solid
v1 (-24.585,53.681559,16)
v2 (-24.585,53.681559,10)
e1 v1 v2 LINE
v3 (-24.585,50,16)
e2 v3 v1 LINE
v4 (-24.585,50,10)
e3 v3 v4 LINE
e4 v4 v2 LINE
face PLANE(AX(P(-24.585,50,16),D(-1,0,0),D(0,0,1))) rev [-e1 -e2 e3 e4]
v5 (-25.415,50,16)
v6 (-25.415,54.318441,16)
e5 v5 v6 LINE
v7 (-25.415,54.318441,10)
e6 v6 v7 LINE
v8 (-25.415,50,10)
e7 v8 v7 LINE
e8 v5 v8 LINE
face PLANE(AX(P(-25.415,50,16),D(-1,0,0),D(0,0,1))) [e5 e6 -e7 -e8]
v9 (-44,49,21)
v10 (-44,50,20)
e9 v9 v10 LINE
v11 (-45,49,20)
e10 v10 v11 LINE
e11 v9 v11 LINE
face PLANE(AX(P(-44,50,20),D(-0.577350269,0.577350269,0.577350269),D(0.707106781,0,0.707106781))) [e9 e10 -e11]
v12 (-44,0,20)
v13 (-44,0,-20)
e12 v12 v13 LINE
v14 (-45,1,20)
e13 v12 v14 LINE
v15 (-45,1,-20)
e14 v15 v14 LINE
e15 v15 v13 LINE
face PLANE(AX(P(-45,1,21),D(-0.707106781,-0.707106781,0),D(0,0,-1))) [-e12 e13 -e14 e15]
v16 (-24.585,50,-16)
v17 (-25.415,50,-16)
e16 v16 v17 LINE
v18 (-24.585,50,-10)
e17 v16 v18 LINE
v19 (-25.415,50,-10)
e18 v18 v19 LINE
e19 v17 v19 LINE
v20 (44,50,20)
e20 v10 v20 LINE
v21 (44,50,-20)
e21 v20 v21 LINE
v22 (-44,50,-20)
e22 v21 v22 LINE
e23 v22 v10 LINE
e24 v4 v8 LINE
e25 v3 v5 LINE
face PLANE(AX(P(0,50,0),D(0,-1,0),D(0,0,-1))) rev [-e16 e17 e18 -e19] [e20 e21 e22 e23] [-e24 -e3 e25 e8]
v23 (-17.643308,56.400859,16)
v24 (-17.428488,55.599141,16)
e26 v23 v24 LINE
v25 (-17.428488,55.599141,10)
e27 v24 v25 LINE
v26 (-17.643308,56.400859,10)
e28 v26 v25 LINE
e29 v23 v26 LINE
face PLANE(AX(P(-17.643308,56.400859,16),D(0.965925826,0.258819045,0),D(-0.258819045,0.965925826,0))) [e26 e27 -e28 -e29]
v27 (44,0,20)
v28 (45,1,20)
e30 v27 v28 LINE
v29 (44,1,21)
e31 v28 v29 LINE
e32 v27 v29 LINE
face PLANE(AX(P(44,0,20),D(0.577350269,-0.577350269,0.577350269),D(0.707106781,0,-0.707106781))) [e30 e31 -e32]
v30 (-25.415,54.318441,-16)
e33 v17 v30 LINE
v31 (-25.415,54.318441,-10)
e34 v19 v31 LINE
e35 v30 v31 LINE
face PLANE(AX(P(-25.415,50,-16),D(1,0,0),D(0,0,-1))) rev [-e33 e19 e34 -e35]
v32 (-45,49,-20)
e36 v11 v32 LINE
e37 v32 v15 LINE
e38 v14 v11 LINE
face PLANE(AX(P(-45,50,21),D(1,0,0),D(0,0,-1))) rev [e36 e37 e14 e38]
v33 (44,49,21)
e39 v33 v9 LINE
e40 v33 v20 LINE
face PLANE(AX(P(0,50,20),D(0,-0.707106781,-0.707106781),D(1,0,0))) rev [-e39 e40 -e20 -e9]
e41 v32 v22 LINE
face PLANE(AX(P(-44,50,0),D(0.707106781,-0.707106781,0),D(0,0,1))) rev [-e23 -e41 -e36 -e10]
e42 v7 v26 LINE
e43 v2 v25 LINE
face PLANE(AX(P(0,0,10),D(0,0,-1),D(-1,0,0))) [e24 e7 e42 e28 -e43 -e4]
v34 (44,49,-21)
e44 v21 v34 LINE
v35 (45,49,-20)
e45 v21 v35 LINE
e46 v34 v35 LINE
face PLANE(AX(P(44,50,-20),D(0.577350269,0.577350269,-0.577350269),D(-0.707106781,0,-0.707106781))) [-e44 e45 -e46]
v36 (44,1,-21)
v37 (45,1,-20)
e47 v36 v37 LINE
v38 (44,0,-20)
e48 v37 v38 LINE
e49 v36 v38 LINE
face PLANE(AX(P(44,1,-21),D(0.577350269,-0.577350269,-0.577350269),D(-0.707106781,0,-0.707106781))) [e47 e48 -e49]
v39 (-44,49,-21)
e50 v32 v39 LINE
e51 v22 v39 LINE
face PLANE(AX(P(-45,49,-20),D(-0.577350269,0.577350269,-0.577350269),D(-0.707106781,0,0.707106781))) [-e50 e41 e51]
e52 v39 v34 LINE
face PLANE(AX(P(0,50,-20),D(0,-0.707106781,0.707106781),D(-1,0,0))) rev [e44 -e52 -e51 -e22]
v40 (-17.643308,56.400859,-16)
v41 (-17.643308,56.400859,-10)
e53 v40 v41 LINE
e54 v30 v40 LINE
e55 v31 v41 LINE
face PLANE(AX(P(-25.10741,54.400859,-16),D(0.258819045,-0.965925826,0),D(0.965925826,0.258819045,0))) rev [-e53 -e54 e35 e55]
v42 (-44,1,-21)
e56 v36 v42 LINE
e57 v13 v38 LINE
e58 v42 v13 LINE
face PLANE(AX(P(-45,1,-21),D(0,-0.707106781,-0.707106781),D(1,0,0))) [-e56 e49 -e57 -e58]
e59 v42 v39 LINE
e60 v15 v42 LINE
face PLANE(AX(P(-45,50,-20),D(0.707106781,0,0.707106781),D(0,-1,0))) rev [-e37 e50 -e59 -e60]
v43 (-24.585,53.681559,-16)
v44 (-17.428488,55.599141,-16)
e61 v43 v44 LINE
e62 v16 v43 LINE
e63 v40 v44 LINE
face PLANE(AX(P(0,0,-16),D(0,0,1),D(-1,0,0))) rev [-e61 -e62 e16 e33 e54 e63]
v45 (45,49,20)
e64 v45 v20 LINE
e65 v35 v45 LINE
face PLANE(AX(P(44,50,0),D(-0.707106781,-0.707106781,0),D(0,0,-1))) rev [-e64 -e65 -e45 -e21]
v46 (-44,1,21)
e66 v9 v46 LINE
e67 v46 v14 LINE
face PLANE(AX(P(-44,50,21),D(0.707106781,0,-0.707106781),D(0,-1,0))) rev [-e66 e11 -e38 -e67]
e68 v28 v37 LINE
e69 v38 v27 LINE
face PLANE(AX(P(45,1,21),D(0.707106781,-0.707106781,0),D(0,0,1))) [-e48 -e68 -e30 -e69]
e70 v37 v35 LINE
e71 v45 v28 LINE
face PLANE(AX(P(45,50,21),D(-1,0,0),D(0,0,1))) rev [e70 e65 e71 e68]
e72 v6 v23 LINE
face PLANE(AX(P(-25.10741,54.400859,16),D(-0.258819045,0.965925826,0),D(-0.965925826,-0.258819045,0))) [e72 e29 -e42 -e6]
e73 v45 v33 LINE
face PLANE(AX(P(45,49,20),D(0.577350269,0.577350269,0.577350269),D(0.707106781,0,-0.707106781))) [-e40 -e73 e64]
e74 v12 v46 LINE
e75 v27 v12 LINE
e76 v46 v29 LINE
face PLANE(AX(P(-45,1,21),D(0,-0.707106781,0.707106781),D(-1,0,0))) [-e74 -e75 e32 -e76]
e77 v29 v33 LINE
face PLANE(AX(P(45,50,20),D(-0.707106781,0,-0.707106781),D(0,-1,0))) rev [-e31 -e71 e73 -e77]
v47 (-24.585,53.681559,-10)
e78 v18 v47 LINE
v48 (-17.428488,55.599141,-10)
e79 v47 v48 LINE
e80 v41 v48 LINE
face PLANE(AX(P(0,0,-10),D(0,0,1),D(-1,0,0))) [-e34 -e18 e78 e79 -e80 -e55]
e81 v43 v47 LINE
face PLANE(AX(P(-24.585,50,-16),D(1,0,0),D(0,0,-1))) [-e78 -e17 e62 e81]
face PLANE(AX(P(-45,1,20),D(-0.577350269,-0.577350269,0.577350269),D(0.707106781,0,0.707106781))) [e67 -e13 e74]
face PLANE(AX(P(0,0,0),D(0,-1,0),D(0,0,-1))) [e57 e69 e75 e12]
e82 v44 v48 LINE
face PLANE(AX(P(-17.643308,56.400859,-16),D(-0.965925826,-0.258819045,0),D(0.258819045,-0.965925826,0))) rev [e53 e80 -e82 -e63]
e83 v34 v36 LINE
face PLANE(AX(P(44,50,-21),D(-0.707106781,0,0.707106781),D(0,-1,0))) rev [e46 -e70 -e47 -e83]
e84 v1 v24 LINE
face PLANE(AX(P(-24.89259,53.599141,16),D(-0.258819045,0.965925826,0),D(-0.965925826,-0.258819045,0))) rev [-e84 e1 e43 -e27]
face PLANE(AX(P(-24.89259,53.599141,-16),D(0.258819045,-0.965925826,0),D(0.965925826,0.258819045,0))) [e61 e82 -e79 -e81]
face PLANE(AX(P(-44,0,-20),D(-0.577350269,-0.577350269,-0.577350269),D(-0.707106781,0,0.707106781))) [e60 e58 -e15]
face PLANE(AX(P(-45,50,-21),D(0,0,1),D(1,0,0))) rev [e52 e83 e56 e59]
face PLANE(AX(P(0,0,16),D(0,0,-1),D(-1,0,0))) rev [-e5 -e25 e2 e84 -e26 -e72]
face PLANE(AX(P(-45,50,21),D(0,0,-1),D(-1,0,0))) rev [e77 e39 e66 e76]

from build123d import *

# Parameters (mm, degrees)
ESQUISSE2_W        = 90
ESQUISSE2_H        = 42
BOSS_EXTRU_1_DEPTH = 50
CHANFREIN1_SIZE    = 1
EXTRU_MINCE1_DEPTH = 3


with BuildPart() as part:
    # Esquisse2 → Boss.-Extru.1 (new body)
    with BuildSketch(Plane(origin=(0, 0, 0), x_dir=(1, 0, 0), z_dir=(0, 1, 0))):
        Rectangle(ESQUISSE2_W, ESQUISSE2_H)
    extrude(amount=BOSS_EXTRU_1_DEPTH)

    # Chanfrein1
    chanfrein1_edges = [part.edges().sort_by_distance(p)[0] for p in [
        (-45, 50, 0),
        (0, 50, 21),
        (45, 50, 0),
        (0, 0, 21),
        (-45, 0, 0),
        (0, 0, -21),
        (45, 0, 0),
        (45, 25, 21),
        (-45, 25, 21),
        (-45, 25, -21),
        (45, 25, -21),
        (0, 50, -21),
    ]]
    chamfer(chanfrein1_edges, length=CHANFREIN1_SIZE)

    # Esquisse5 → Extru.-Mince1 (add, symmetric)
    with BuildSketch(Plane.XY.offset(13)):
        Polygon((-24.585, 50), (-24.585, 53.6815593), (-17.428488481, 55.599140782), (-17.643308289, 56.400859218), (-25.415, 54.3184407), (-25.415, 50), align=None)
    extru_mince1 = extrude(amount=EXTRU_MINCE1_DEPTH, both=True)

    # Symétrie1: Extru.-Mince1 across plane
    add(extru_mince1.mirror(Plane.XY))


solid = part.part
